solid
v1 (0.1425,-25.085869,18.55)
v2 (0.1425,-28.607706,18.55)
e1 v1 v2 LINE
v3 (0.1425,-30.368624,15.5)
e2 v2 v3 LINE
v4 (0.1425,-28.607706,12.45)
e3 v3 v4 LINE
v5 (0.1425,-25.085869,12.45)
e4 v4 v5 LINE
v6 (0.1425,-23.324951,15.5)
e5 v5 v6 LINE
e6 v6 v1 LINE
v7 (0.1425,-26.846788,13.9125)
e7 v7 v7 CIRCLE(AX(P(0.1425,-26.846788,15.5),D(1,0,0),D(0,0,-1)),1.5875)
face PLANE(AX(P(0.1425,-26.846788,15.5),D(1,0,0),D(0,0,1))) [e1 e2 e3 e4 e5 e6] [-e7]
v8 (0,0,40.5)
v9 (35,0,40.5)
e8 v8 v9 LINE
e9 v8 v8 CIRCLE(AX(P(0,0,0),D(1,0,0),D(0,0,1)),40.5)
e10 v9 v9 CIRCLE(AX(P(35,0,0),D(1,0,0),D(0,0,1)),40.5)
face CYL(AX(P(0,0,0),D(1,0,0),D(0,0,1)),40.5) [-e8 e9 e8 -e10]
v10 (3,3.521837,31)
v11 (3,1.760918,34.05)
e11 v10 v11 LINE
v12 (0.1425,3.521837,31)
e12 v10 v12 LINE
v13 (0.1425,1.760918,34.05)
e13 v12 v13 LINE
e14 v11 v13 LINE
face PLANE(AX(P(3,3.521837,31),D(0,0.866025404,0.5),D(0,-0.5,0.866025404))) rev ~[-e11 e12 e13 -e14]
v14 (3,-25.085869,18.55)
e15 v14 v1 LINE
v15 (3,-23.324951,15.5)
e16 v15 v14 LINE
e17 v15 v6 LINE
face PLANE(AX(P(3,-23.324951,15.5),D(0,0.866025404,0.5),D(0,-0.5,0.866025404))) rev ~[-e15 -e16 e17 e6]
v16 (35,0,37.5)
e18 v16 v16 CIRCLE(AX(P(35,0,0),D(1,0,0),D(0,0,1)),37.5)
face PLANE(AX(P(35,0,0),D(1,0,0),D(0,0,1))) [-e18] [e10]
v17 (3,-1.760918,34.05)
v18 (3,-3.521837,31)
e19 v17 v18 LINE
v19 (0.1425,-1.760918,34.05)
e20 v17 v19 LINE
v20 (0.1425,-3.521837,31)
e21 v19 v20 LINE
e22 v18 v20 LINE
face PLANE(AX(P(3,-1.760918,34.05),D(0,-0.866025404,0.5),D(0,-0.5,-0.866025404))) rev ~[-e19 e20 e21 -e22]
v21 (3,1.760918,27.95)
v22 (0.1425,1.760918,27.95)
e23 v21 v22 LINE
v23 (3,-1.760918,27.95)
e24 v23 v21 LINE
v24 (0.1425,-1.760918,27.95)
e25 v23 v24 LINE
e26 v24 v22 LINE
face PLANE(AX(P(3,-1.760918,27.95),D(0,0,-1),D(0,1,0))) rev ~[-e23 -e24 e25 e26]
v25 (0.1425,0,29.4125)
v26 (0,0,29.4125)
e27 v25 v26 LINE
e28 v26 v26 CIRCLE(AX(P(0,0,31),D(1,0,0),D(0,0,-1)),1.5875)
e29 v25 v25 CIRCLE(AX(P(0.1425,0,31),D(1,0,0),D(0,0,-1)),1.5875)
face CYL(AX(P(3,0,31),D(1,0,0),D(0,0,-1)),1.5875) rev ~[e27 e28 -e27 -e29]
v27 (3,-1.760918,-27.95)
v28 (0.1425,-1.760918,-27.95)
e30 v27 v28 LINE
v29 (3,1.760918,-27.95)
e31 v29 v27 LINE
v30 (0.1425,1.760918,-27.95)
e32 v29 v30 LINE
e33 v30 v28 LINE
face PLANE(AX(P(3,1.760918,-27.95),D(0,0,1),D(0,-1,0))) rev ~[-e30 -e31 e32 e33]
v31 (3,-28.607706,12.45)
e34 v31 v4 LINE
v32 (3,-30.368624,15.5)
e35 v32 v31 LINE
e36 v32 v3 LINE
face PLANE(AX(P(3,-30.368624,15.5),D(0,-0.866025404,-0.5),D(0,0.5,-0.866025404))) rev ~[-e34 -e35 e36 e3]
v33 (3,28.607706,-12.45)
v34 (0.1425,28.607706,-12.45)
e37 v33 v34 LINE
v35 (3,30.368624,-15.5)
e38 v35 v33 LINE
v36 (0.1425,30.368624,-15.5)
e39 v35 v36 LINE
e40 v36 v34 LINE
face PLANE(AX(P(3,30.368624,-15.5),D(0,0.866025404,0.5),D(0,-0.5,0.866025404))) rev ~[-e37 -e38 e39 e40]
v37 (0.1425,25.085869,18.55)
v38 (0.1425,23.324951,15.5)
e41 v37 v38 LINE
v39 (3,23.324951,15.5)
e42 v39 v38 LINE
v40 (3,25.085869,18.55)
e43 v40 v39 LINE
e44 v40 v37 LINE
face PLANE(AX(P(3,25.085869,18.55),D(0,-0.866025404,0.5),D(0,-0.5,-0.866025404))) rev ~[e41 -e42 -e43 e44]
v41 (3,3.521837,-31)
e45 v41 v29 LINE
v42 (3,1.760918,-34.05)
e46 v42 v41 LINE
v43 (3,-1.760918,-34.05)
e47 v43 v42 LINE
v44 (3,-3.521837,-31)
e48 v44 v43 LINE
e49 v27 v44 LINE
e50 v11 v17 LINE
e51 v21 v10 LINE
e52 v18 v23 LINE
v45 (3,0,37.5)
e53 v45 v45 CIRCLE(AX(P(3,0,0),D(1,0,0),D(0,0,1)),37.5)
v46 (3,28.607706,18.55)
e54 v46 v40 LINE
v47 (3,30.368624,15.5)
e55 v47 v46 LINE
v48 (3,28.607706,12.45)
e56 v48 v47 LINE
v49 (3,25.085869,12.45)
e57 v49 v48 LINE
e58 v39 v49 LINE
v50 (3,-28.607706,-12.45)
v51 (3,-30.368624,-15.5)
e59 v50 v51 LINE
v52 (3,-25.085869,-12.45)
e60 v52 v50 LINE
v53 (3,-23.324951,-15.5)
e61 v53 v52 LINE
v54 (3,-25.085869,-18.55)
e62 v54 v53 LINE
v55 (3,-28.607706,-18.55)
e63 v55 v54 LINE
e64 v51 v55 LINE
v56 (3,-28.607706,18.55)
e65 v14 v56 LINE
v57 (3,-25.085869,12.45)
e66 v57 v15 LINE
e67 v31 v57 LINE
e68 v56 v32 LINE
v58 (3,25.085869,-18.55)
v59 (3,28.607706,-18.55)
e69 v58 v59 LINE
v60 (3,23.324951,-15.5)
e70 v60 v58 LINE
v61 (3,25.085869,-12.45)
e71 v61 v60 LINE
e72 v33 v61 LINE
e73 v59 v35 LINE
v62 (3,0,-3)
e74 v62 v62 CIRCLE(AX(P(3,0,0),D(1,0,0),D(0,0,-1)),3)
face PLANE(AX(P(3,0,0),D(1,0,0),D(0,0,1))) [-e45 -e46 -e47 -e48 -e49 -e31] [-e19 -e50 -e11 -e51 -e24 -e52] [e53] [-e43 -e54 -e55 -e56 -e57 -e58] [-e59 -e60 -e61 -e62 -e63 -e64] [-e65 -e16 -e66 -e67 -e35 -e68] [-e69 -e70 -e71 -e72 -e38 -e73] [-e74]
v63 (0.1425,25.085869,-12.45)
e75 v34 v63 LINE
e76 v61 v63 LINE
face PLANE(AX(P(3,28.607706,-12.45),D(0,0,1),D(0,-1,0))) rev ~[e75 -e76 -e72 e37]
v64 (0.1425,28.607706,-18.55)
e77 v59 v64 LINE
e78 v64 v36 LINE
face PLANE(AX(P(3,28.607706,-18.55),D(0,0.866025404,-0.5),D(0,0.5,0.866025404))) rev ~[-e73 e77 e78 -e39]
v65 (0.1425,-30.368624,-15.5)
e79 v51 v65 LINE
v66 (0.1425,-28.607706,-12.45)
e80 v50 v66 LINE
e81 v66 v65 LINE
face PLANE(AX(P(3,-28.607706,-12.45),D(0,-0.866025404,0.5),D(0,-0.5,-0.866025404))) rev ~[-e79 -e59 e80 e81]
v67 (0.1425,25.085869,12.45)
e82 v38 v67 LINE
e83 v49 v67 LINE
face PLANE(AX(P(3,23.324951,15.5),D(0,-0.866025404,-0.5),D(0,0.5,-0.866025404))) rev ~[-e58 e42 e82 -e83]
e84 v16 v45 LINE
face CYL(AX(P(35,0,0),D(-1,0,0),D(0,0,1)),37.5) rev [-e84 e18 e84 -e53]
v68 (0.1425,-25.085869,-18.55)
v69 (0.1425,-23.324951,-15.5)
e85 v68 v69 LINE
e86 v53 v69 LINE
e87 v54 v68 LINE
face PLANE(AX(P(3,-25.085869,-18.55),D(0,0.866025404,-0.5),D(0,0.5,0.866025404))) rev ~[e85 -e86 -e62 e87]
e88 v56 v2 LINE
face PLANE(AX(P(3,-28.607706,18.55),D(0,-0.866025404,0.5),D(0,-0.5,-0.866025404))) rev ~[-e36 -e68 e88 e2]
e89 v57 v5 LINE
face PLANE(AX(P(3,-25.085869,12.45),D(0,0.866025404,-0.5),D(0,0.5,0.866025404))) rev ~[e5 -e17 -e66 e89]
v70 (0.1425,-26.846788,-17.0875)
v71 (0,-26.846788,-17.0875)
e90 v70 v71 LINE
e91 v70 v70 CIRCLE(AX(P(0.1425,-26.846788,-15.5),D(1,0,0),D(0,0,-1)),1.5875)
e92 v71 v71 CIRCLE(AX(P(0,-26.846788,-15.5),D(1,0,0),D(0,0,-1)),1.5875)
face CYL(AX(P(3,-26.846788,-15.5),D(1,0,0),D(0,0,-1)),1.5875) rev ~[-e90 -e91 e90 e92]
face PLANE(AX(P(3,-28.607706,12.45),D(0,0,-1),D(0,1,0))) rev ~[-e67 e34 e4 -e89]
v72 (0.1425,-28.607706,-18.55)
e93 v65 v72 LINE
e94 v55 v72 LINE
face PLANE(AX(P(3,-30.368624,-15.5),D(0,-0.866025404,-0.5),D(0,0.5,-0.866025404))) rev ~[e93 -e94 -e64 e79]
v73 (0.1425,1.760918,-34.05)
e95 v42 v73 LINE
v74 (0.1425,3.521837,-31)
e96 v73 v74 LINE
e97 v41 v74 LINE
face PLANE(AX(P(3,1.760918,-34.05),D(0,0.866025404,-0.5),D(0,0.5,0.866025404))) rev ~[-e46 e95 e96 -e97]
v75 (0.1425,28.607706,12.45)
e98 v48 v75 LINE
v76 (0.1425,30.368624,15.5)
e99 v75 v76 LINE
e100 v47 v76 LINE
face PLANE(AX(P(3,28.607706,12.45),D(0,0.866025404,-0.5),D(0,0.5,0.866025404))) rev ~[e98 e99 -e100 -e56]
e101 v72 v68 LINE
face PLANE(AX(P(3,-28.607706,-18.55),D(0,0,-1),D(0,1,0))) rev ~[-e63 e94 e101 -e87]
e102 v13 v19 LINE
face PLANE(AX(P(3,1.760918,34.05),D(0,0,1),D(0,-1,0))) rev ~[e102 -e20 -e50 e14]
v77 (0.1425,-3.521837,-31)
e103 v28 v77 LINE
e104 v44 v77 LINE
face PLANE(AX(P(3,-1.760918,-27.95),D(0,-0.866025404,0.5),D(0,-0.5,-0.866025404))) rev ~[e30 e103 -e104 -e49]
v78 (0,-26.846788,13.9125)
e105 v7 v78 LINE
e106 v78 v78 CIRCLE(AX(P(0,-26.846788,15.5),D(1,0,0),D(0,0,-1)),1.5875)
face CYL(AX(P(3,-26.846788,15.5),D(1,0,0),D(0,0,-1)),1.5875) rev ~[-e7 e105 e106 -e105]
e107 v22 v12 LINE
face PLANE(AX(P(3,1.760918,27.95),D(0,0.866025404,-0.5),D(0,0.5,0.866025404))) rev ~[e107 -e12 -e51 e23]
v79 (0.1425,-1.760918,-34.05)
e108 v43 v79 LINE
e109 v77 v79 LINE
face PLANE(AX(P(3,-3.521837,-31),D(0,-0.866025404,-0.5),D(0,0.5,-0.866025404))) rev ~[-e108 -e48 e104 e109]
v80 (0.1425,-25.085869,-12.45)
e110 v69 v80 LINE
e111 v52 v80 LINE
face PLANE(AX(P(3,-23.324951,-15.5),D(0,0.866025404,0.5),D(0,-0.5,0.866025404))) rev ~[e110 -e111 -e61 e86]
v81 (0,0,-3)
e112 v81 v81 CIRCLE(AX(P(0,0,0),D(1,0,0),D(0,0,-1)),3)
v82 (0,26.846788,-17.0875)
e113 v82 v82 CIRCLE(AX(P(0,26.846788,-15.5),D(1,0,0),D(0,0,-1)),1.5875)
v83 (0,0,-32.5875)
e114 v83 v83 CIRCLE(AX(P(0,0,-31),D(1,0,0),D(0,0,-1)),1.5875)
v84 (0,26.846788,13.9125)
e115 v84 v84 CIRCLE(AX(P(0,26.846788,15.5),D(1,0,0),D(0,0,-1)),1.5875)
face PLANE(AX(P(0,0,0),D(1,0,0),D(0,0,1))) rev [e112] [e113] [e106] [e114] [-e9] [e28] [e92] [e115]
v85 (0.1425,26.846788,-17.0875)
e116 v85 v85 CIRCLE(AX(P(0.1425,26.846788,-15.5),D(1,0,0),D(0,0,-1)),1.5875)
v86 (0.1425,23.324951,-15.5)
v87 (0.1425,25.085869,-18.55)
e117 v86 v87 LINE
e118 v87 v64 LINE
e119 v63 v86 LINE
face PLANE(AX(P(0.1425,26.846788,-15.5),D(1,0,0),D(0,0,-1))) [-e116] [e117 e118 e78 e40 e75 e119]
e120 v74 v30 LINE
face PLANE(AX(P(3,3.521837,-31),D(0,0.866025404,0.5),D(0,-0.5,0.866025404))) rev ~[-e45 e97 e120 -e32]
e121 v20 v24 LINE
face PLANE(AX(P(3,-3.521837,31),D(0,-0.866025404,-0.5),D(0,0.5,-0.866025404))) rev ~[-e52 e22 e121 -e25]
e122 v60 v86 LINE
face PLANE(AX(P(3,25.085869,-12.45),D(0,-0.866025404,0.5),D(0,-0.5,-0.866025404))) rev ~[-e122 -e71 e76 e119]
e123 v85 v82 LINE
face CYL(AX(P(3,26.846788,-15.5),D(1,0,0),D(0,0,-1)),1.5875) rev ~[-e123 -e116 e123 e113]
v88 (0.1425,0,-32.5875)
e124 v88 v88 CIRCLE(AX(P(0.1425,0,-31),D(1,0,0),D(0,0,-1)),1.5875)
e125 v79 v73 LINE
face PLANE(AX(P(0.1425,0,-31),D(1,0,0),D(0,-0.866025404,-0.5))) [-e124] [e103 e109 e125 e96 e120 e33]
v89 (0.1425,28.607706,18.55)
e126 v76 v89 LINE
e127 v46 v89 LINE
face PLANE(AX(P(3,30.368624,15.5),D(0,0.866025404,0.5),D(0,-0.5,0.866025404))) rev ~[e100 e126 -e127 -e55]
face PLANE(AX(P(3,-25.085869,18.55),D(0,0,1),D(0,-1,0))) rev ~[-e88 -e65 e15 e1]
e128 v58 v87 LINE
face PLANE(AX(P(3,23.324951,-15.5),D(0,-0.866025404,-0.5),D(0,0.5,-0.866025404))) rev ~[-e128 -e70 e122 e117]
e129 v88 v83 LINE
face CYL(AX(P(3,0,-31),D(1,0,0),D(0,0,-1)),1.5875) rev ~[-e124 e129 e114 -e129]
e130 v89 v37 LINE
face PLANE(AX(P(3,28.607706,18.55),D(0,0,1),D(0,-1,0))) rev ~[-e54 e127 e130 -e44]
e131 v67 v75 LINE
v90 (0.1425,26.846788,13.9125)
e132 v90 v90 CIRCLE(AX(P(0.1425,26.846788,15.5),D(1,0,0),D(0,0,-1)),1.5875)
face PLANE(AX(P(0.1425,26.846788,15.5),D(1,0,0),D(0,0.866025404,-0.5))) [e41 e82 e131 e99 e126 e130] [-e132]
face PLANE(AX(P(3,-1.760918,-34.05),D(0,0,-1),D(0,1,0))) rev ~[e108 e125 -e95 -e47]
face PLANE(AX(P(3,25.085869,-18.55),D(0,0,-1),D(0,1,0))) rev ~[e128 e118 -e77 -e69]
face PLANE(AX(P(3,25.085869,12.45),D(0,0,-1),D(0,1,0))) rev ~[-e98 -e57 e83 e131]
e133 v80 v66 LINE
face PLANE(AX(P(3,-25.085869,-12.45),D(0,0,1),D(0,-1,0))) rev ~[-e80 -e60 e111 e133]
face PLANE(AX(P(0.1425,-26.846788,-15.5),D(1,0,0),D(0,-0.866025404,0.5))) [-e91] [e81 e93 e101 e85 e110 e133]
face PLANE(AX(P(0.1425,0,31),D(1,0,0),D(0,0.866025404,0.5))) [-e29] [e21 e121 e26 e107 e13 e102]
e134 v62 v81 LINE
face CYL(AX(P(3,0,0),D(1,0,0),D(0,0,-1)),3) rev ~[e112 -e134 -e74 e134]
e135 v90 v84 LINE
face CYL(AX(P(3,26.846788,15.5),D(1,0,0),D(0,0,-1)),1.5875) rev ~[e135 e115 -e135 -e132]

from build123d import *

# Parameters (mm, degrees)
CUT_EXTRUDE1_REACH = 67.609
SKETCH2_R          = 1.5875
CUT_EXTRUDE2_DEPTH = 2.8575
CIRPATTERN1_COUNT  = 6
CUT_EXTRUDE3_REACH = 67.609
SKETCH4_R          = 3


with BuildPart() as part:
    # Sketch1 → Revolve1 (revolve)
    with BuildSketch(Plane.XY, mode=Mode.PRIVATE) as revolve1_sk:
        Polygon((0, 0), (0, 40.5), (35, 40.5), (35, 37.5), (3, 37.5), (3, 0), align=None)
    revolve(revolve1_sk.sketch.rotate(Axis((0, 0, 0), (1, 0, 0)), 90), axis=Axis((0, 0, 0), (1, 0, 0)))

    # Sketch2 → Cut-Extrude1 (cut, up to next)
    with BuildSketch(Plane(origin=(3, 0, 0), x_dir=(0, 0, -1), z_dir=(1, 0, 0)), mode=Mode.PRIVATE) as cut_extrude1_sk1:
        with Locations((-31, 0)):
            Circle(SKETCH2_R)
    cut_extrude1_tool1 = extrude(cut_extrude1_sk1.sketch, amount=-CUT_EXTRUDE1_REACH, mode=Mode.PRIVATE) & part.part
    # Sketch2 → Cut-Extrude1 (cut, up to next)
    with BuildSketch(Plane(origin=(3, 0, 0), x_dir=(0, 0, -1), z_dir=(1, 0, 0)), mode=Mode.PRIVATE) as cut_extrude1_sk2:
        with Locations((-15.5, 26.846787517)):
            Circle(SKETCH2_R)
    cut_extrude1_tool2 = extrude(cut_extrude1_sk2.sketch, amount=-CUT_EXTRUDE1_REACH, mode=Mode.PRIVATE) & part.part
    # Sketch2 → Cut-Extrude1 (cut, up to next)
    with BuildSketch(Plane(origin=(3, 0, 0), x_dir=(0, 0, -1), z_dir=(1, 0, 0)), mode=Mode.PRIVATE) as cut_extrude1_sk3:
        with Locations((15.5, 26.846787517)):
            Circle(SKETCH2_R)
    cut_extrude1_tool3 = extrude(cut_extrude1_sk3.sketch, amount=-CUT_EXTRUDE1_REACH, mode=Mode.PRIVATE) & part.part
    # Sketch2 → Cut-Extrude1 (cut, up to next)
    with BuildSketch(Plane(origin=(3, 0, 0), x_dir=(0, 0, -1), z_dir=(1, 0, 0)), mode=Mode.PRIVATE) as cut_extrude1_sk4:
        with Locations((31, 0)):
            Circle(SKETCH2_R)
    cut_extrude1_tool4 = extrude(cut_extrude1_sk4.sketch, amount=-CUT_EXTRUDE1_REACH, mode=Mode.PRIVATE) & part.part
    # Sketch2 → Cut-Extrude1 (cut, up to next)
    with BuildSketch(Plane(origin=(3, 0, 0), x_dir=(0, 0, -1), z_dir=(1, 0, 0)), mode=Mode.PRIVATE) as cut_extrude1_sk5:
        with Locations((15.5, -26.846787517)):
            Circle(SKETCH2_R)
    cut_extrude1_tool5 = extrude(cut_extrude1_sk5.sketch, amount=-CUT_EXTRUDE1_REACH, mode=Mode.PRIVATE) & part.part
    # Sketch2 → Cut-Extrude1 (cut, up to next)
    with BuildSketch(Plane(origin=(3, 0, 0), x_dir=(0, 0, -1), z_dir=(1, 0, 0)), mode=Mode.PRIVATE) as cut_extrude1_sk6:
        with Locations((-15.5, -26.846787517)):
            Circle(SKETCH2_R)
    cut_extrude1_tool6 = extrude(cut_extrude1_sk6.sketch, amount=-CUT_EXTRUDE1_REACH, mode=Mode.PRIVATE) & part.part
    add(cut_extrude1_tool1.solids().sort_by_distance((3, 0, 31))[0], mode=Mode.SUBTRACT)
    add(cut_extrude1_tool2.solids().sort_by_distance((3, 26.846788, 15.5))[0], mode=Mode.SUBTRACT)
    add(cut_extrude1_tool3.solids().sort_by_distance((3, 26.846788, -15.5))[0], mode=Mode.SUBTRACT)
    add(cut_extrude1_tool4.solids().sort_by_distance((3, 0, -31))[0], mode=Mode.SUBTRACT)
    add(cut_extrude1_tool5.solids().sort_by_distance((3, -26.846788, -15.5))[0], mode=Mode.SUBTRACT)
    add(cut_extrude1_tool6.solids().sort_by_distance((3, -26.846788, 15.5))[0], mode=Mode.SUBTRACT)

    # Sketch3 → Cut-Extrude2 (cut)
    with BuildSketch(Plane(origin=(3, 0, 0), x_dir=(0, 0, -1), z_dir=(1, 0, 0))):
        Polygon((18.55, 25.085869196), (18.55, 28.607705838), (15.5, 30.368624159), (12.45, 28.607705838), (12.45, 25.085869196), (15.5, 23.324950875), align=None)
    cut_extrude2 = extrude(amount=-CUT_EXTRUDE2_DEPTH, mode=Mode.SUBTRACT)

    # CirPattern1: Cut-Extrude2 ×6 about axis
    cirpattern1_axis = Axis((0, 0, 0), (1, 0, 0))
    for i in range(1, CIRPATTERN1_COUNT):
        add(cut_extrude2.rotate(cirpattern1_axis, i * 360 / CIRPATTERN1_COUNT), mode=Mode.SUBTRACT)

    # Sketch4 → Cut-Extrude3 (cut, up to next)
    with BuildSketch(Plane(origin=(3, 0, 0), x_dir=(0, 0, -1), z_dir=(1, 0, 0)), mode=Mode.PRIVATE) as cut_extrude3_sk1:
        Circle(SKETCH4_R)
    cut_extrude3_tool1 = extrude(cut_extrude3_sk1.sketch, amount=-CUT_EXTRUDE3_REACH, mode=Mode.PRIVATE) & part.part
    add(cut_extrude3_tool1.solids().sort_by_distance((3, 0, 0))[0], mode=Mode.SUBTRACT)


solid = part.part
